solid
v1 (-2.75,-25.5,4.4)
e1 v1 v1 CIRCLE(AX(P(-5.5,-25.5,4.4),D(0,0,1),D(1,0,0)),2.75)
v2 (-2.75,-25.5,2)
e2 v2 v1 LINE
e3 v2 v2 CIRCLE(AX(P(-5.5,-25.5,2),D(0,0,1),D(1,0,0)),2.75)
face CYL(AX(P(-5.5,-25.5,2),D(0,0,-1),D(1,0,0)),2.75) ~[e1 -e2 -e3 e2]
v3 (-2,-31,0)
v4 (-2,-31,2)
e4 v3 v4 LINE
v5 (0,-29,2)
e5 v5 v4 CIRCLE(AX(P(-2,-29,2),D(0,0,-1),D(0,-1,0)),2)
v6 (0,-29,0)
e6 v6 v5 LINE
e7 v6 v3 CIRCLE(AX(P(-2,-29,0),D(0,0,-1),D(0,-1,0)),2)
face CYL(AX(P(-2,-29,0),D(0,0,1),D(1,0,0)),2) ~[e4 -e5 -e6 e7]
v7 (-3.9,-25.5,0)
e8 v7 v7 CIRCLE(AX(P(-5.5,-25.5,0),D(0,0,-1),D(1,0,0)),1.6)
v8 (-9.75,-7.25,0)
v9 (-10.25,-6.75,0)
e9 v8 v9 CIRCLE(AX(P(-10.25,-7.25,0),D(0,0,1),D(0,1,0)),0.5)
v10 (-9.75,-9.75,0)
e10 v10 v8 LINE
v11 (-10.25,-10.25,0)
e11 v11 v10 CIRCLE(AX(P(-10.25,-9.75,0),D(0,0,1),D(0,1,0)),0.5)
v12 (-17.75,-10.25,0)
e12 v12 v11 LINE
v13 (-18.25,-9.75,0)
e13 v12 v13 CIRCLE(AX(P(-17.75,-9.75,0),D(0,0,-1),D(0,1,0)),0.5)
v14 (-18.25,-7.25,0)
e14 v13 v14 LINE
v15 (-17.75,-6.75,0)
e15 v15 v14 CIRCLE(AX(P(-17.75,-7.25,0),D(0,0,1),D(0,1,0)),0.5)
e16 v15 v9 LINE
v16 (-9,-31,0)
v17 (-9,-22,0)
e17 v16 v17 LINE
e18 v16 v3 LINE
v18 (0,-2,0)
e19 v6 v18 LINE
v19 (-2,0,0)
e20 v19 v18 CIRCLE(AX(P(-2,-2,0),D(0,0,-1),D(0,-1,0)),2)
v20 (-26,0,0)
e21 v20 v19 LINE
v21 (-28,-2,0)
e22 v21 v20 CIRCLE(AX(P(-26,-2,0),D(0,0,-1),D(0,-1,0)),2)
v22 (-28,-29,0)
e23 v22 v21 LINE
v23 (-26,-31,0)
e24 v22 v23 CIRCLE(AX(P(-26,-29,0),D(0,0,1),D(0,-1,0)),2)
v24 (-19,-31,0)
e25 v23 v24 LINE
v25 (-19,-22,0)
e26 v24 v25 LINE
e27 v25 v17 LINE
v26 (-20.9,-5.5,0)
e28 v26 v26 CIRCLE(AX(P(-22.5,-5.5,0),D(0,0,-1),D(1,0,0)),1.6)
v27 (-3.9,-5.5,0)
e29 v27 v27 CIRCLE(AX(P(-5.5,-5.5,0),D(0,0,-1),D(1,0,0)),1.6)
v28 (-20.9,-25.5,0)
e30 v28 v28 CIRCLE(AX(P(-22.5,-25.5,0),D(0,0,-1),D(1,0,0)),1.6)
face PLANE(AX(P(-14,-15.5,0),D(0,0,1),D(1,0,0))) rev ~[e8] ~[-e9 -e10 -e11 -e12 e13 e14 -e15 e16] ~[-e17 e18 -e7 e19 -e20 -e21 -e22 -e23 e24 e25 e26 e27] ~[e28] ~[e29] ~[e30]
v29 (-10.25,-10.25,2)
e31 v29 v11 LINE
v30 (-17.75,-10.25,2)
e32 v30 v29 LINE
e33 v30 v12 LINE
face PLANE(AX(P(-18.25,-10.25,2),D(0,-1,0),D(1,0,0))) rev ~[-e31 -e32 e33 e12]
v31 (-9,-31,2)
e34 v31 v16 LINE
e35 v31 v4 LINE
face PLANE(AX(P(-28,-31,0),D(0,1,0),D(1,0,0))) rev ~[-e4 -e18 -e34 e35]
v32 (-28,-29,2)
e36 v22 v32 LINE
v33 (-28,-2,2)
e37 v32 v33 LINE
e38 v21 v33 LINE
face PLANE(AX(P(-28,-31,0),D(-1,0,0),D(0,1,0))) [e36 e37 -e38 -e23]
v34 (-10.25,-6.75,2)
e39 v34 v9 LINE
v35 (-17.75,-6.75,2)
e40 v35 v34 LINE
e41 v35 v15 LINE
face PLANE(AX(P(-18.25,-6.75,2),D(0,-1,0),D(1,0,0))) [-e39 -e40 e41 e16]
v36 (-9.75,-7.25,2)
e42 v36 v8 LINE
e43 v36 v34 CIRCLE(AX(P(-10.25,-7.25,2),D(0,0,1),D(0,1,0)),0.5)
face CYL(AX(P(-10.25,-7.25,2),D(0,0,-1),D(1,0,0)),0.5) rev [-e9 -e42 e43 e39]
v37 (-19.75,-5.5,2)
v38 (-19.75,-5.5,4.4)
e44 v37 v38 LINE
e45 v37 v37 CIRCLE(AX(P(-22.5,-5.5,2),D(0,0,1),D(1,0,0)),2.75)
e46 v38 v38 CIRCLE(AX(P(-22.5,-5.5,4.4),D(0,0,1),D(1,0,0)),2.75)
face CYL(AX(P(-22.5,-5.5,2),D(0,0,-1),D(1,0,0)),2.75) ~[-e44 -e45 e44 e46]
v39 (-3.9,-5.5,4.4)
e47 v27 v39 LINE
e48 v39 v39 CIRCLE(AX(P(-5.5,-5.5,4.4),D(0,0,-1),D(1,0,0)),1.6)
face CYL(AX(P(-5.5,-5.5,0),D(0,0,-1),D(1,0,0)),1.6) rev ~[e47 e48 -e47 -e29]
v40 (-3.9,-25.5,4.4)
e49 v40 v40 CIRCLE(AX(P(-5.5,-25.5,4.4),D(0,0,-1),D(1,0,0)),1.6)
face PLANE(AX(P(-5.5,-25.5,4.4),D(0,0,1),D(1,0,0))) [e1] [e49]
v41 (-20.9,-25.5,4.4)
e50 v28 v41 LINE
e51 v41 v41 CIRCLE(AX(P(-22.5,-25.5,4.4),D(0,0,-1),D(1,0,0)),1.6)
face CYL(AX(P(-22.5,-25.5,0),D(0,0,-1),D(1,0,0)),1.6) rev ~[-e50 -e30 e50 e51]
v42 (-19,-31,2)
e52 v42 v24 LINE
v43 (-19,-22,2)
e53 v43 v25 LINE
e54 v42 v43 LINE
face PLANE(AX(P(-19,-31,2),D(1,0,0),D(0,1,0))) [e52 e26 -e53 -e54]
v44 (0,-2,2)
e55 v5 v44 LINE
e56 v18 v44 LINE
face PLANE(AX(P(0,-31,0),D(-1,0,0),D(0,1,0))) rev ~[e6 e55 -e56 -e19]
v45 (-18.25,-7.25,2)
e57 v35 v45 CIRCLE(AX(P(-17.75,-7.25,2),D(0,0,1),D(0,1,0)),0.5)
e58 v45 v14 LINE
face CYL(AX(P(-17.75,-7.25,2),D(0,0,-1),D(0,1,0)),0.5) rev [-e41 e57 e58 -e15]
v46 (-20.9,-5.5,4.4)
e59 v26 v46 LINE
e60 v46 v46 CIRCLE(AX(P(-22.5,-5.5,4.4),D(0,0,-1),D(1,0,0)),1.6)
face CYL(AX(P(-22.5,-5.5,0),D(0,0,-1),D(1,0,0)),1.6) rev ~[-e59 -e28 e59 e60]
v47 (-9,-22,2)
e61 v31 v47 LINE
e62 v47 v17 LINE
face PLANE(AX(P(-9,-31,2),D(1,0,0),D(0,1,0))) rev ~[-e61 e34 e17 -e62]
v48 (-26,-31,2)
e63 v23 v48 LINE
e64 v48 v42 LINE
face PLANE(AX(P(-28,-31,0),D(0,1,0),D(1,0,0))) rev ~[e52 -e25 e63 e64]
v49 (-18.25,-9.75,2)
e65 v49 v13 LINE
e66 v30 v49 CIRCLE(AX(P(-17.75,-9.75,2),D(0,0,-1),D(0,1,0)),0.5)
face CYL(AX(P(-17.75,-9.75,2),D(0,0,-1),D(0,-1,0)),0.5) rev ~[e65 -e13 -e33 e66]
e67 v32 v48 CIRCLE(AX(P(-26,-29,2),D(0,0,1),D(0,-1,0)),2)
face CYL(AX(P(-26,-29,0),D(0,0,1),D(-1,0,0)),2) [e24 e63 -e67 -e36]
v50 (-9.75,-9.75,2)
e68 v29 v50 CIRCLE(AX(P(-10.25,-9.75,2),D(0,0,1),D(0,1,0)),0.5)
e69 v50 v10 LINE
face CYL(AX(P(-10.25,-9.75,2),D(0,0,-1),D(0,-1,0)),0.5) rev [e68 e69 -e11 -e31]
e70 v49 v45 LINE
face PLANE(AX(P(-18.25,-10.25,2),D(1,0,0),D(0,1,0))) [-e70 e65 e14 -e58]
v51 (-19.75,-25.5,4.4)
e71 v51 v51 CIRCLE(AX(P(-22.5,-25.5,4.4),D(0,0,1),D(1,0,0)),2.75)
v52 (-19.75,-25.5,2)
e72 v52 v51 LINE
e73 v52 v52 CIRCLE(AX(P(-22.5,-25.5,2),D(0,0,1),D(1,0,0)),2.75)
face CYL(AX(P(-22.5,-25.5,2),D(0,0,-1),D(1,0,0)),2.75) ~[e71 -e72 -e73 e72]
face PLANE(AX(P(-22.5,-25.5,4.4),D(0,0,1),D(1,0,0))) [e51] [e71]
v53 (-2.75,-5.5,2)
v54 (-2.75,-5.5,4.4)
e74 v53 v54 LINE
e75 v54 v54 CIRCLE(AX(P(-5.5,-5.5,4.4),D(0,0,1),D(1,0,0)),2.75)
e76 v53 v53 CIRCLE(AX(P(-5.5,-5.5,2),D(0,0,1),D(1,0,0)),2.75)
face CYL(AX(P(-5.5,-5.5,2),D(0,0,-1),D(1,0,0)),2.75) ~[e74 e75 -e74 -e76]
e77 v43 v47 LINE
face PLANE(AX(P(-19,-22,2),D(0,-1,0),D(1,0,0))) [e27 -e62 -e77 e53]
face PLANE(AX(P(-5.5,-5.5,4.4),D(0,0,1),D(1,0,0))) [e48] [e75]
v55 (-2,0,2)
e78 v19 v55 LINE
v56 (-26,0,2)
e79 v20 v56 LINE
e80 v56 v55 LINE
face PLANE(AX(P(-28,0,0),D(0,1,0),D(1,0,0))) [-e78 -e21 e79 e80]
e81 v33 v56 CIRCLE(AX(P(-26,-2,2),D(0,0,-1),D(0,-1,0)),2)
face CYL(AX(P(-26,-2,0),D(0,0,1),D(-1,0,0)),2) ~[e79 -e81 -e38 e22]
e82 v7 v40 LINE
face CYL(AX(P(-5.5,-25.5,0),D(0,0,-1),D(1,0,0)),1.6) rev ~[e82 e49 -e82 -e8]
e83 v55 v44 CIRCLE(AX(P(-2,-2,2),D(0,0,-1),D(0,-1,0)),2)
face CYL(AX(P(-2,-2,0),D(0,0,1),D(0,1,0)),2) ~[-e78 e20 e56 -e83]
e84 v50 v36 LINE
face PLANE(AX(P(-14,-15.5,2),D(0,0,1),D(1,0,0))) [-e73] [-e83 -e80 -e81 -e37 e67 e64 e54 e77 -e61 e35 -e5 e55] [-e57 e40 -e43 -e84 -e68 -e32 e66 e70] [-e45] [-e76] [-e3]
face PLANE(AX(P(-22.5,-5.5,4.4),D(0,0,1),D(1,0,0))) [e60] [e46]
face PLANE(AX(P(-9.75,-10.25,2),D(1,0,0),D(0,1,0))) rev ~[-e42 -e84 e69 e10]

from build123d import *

# Parameters (mm, degrees)
SKETCH004_W     = 28
SKETCH004_H     = 31
PAD001_DEPTH    = 2
SKETCH005_R     = 2.75
PAD002_DEPTH    = 2.4
SKETCH006_R     = 1.6
HOLE001_DEPTH   = 25
SKETCH_W        = 10
SKETCH_H        = 9
POCKET_DEPTH    = 5
FILLET_R        = 2
SKETCH007_W     = 8.5
SKETCH007_H     = 3.5
POCKET001_DEPTH = 2
FILLET001_R     = 0.5


with BuildPart() as part:
    # Sketch004 → Pad001 (new body)
    with BuildSketch(Plane.XY):
        with Locations((-14, -15.5)):
            Rectangle(SKETCH004_W, SKETCH004_H)
    extrude(amount=PAD001_DEPTH)

    # Sketch005 (on Face6 of Pad001) → Pad002 (join)
    with BuildSketch(Plane.XY.offset(2)):
        with Locations((-22.5, -5.5)):
            Circle(SKETCH005_R)
        with Locations((-5.5, -5.5)):
            Circle(SKETCH005_R)
        with Locations((-22.5, -25.5)):
            Circle(SKETCH005_R)
        with Locations((-5.5, -25.5)):
            Circle(SKETCH005_R)
    extrude(amount=PAD002_DEPTH)

    # Sketch006 (on Face4 of Pad002) → Hole001 (cut)
    with BuildSketch(Plane(origin=(0, 0, 0), x_dir=(1, 0, 0), z_dir=(0, 0, -1))):
        with Locations((-22.5, 25.5)):
            Circle(SKETCH006_R)
        with Locations((-5.5, 25.5)):
            Circle(SKETCH006_R)
        with Locations((-5.5, 5.5)):
            Circle(SKETCH006_R)
        with Locations((-22.5, 5.5)):
            Circle(SKETCH006_R)
    extrude(amount=-HOLE001_DEPTH, mode=Mode.SUBTRACT)

    # Sketch (on Face5 of Hole001) → Pocket (cut)
    with BuildSketch(Plane.XY.offset(2)):
        with Locations((-14, -26.5)):
            Rectangle(SKETCH_W, SKETCH_H)
    extrude(amount=-POCKET_DEPTH, mode=Mode.SUBTRACT)

    # Fillet
    fillet_edges = [part.edges().sort_by_distance(p)[0] for p in [
        (0, 0, 1),
        (0, -31, 1),
        (-28, 0, 1),
        (-28, -31, 1),
    ]]
    fillet(fillet_edges, radius=FILLET_R)

    # Sketch007 (on Face5 of Fillet) → Pocket001 (cut)
    with BuildSketch(Plane.XY.offset(2)):
        with Locations((-14, -8.5)):
            Rectangle(SKETCH007_W, SKETCH007_H)
    extrude(amount=-POCKET001_DEPTH, mode=Mode.SUBTRACT)

    # Fillet001
    fillet001_edges = [part.edges().sort_by_distance(p)[0] for p in [
        (-9.75, -6.75, 1),
        (-9.75, -10.25, 1),
        (-18.25, -10.25, 1),
        (-18.25, -6.75, 1),
    ]]
    fillet(fillet001_edges, radius=FILLET001_R)


solid = part.part
